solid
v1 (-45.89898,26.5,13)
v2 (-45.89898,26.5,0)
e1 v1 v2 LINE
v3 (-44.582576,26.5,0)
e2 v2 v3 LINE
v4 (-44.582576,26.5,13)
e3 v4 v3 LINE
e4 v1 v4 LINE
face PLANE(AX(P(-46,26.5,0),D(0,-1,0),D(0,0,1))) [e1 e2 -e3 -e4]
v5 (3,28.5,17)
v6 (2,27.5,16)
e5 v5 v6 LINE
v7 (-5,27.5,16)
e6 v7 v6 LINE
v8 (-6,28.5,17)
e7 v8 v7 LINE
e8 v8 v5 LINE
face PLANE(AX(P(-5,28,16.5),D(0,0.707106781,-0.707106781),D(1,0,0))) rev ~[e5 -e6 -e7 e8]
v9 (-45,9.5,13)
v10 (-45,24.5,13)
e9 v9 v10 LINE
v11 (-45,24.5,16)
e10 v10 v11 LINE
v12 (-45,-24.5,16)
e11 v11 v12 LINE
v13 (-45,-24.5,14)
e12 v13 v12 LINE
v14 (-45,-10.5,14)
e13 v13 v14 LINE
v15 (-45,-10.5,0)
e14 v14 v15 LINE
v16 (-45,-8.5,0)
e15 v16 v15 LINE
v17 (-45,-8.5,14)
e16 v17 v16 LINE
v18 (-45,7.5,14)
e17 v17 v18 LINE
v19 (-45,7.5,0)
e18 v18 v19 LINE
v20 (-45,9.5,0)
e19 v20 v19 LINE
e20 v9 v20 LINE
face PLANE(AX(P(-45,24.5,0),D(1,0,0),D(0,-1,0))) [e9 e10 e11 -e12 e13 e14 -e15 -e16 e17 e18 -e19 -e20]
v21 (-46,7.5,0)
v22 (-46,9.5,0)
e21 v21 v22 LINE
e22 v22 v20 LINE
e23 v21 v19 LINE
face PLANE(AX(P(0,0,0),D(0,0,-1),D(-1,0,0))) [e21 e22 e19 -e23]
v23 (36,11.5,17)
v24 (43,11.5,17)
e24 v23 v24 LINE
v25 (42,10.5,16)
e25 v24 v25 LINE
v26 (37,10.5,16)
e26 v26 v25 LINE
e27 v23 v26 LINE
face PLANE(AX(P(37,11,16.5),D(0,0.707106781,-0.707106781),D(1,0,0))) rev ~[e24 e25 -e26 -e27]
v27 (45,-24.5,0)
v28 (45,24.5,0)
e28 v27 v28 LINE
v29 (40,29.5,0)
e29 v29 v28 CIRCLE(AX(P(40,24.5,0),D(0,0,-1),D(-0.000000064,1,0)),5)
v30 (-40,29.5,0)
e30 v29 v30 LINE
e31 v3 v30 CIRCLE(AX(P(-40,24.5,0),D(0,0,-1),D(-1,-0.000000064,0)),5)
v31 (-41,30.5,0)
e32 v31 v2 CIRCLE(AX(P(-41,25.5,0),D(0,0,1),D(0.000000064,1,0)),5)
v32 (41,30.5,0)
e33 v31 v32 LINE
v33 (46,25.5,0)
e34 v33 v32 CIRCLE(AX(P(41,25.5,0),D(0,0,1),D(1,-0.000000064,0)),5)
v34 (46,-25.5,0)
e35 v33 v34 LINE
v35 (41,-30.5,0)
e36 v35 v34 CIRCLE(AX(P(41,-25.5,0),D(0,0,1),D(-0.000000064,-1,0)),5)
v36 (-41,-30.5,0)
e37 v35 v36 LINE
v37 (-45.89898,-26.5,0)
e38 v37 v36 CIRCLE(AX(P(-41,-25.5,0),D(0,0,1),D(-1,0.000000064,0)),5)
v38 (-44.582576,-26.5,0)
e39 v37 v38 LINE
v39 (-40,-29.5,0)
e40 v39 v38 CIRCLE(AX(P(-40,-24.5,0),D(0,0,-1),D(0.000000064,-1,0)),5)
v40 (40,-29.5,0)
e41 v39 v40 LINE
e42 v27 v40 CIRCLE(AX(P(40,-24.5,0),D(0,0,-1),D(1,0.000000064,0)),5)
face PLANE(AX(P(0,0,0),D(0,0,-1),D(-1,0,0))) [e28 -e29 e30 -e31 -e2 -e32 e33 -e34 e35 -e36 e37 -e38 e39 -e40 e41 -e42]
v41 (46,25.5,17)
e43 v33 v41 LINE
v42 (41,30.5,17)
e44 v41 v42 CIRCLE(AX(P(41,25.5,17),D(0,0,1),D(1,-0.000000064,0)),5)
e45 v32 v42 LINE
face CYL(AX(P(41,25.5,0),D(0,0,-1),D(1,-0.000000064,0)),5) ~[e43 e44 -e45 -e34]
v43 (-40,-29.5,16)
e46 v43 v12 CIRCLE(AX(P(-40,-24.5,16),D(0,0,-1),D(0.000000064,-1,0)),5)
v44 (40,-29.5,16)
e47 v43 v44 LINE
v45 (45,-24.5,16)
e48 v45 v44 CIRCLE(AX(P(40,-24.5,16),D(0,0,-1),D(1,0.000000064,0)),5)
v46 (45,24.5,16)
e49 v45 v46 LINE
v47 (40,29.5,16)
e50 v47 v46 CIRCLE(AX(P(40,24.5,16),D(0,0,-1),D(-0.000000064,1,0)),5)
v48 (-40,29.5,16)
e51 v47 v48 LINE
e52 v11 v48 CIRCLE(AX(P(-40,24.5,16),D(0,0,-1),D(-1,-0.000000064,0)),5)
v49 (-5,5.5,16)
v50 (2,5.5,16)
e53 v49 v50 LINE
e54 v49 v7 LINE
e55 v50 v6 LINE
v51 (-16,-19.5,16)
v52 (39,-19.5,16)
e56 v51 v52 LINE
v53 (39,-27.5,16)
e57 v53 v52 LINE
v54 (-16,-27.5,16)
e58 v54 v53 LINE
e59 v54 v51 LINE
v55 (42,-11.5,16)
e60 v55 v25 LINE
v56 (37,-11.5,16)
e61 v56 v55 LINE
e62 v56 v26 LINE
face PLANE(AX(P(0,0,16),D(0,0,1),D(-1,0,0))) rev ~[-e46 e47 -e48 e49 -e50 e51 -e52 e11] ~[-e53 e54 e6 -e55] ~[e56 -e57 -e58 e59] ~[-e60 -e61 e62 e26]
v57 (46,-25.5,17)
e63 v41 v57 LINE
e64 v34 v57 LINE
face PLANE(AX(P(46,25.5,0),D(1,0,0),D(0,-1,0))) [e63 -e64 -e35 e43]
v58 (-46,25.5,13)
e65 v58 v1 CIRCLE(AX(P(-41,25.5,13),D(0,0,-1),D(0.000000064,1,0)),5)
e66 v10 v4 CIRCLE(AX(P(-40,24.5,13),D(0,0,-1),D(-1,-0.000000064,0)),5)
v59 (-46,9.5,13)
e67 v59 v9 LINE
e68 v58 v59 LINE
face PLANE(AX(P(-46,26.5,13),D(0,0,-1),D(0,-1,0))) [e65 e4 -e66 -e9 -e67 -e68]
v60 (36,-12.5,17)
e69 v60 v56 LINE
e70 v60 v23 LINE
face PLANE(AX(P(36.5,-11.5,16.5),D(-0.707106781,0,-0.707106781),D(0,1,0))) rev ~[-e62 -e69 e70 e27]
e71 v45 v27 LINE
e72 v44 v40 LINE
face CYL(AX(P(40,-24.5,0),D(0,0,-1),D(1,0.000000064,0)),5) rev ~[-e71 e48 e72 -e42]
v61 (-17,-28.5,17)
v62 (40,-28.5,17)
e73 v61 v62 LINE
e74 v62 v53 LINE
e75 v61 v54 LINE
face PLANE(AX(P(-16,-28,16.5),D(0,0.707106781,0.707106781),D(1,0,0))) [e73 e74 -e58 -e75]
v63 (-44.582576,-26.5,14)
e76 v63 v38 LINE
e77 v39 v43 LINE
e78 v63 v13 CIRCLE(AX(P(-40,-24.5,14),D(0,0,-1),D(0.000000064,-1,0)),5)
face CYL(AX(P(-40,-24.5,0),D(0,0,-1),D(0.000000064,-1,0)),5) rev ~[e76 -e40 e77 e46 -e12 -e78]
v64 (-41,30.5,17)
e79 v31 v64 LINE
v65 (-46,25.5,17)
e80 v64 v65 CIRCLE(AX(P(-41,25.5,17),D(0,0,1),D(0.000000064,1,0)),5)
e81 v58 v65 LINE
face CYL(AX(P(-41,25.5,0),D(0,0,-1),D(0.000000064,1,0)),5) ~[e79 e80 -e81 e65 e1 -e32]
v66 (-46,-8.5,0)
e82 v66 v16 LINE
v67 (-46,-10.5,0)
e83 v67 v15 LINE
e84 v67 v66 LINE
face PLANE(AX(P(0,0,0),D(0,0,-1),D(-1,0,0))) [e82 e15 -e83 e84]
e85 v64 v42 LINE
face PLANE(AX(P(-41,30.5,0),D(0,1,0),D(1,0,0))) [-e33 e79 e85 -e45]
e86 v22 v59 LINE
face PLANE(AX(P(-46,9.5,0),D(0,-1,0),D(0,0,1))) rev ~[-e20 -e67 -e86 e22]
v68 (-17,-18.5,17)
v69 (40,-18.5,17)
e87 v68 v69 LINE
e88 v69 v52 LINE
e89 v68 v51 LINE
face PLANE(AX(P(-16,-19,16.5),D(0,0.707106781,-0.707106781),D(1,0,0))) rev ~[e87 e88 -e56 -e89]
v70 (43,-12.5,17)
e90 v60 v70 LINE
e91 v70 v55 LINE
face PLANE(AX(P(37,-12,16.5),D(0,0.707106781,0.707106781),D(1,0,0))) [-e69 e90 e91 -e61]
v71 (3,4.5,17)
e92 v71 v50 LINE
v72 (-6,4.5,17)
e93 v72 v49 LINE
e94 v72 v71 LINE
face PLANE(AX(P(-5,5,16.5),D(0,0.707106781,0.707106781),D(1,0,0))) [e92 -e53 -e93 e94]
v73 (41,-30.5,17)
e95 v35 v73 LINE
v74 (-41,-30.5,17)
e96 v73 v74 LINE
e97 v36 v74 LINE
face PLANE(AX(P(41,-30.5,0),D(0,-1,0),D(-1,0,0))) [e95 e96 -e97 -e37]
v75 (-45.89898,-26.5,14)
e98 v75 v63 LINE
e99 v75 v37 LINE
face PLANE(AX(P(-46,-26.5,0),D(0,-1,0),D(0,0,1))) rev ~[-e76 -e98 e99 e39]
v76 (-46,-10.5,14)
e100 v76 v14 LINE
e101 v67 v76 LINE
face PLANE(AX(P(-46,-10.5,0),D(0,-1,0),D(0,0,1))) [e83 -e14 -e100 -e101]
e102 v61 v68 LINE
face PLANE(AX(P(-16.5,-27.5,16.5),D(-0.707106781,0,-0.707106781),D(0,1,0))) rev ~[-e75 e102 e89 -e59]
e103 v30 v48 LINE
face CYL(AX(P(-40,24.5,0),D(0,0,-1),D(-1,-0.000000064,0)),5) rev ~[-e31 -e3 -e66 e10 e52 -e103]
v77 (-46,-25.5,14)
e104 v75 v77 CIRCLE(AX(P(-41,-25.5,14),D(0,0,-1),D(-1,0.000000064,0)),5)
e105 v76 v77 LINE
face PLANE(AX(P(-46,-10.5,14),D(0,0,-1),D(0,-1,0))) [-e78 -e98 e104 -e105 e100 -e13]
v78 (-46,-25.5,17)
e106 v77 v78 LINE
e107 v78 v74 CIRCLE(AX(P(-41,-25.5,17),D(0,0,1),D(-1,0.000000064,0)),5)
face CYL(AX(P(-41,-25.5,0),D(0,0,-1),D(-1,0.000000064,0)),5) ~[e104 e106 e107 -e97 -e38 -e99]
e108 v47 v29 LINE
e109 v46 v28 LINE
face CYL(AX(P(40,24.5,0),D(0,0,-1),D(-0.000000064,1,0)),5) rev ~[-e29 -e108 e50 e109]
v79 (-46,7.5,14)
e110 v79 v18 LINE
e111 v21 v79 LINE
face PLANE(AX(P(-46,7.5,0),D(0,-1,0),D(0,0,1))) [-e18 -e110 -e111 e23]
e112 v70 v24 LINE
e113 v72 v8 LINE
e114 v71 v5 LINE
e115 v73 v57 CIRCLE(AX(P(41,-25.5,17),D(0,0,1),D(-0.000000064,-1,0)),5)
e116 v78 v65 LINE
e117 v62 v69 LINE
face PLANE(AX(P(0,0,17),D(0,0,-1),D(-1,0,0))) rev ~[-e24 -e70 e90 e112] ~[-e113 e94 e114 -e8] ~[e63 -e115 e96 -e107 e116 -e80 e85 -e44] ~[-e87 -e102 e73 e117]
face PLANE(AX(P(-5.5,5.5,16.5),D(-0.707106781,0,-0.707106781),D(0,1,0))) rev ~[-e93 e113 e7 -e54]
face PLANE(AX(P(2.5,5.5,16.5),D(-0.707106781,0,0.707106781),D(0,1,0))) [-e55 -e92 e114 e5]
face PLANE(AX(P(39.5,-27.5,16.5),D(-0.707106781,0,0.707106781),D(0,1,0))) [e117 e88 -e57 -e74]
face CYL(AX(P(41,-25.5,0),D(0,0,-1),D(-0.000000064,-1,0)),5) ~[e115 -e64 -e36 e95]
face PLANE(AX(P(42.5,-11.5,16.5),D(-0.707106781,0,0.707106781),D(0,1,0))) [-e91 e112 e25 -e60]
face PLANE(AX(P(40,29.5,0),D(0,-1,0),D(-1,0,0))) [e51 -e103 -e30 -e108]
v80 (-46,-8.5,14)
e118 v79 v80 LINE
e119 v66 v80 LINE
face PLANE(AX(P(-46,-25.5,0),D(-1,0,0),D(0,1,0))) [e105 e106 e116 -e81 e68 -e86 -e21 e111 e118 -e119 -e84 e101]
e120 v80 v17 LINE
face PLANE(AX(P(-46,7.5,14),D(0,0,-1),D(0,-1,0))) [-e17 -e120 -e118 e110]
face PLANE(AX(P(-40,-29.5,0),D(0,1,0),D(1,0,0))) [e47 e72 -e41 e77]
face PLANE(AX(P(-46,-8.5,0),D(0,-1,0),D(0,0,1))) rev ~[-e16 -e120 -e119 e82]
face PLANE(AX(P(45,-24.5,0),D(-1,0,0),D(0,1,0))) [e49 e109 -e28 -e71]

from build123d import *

# Parameters (mm, degrees)
PAD_DEPTH       = 17
SKETCH001_W     = 55
SKETCH001_H     = 8
POCKET_DEPTH    = 17.001
CHAMFER_SIZE    = 1
SKETCH002_W     = 7
SKETCH002_H     = 22
POCKET001_DEPTH = 17.001
CHAMFER001_SIZE = 1
SKETCH003_W     = 5
SKETCH003_H     = 22
POCKET002_DEPTH = 17.001
CHAMFER002_SIZE = 1
POCKET003_DEPTH = 7
POCKET004_DEPTH = 16
SKETCH005_W     = 17
SKETCH005_H     = 13
SKETCH005_W_2   = 16
SKETCH005_H_2   = 14
POCKET005_DEPTH = 5


with BuildPart() as part:
    # Sketch → Pad (new body)
    with BuildSketch(Plane.XY):
        with BuildLine():
            Line((-41, 30.5), (41, 30.5))
            ThreePointArc((46, 25.5), (44.535534, 29.035534), (41, 30.5))
            Line((46, 25.5), (46, -25.5))
            ThreePointArc((41, -30.5), (44.535534, -29.035534), (46, -25.5))
            Line((41, -30.5), (-41, -30.5))
            ThreePointArc((-46, -25.5), (-44.535534, -29.035534), (-41, -30.5))
            Line((-46, -25.5), (-46, 25.5))
            ThreePointArc((-41, 30.5), (-44.535534, 29.035534), (-46, 25.5))
        make_face()
    extrude(amount=PAD_DEPTH)

    # Sketch001 (on Face10 of Pad) → Pocket (cut, through all)
    with BuildSketch(Plane.XY.offset(17)):
        with Locations((11.5, -23.5)):
            Rectangle(SKETCH001_W, SKETCH001_H)
    extrude(amount=-POCKET_DEPTH, mode=Mode.SUBTRACT)

    # Chamfer
    chamfer_edges = [part.edges().sort_by_distance(p)[0] for p in [
        (11.5, -27.5, 17),
        (-16, -23.5, 17),
        (11.5, -19.5, 17),
        (39, -23.5, 17),
    ]]
    chamfer(chamfer_edges, length=CHAMFER_SIZE)

    # Sketch002 (on Face1 of Chamfer) → Pocket001 (cut, through all)
    with BuildSketch(Plane.XY.offset(17)):
        with Locations((-1.5, 16.5)):
            Rectangle(SKETCH002_W, SKETCH002_H)
    extrude(amount=-POCKET001_DEPTH, mode=Mode.SUBTRACT)

    # Chamfer001
    chamfer001_edges = [part.edges().sort_by_distance(p)[0] for p in [
        (-5, 16.5, 17),
        (-1.5, 27.5, 17),
        (2, 16.5, 17),
        (-1.5, 5.5, 17),
    ]]
    chamfer(chamfer001_edges, length=CHAMFER001_SIZE)

    # Sketch003 (on Face1 of Chamfer001) → Pocket002 (cut, through all)
    with BuildSketch(Plane.XY.offset(17)):
        with Locations((39.5, -0.5)):
            Rectangle(SKETCH003_W, SKETCH003_H)
    extrude(amount=-POCKET002_DEPTH, mode=Mode.SUBTRACT)

    # Chamfer002
    chamfer002_edges = [part.edges().sort_by_distance(p)[0] for p in [
        (39.5, -11.5, 17),
        (42, -0.5, 17),
        (37, -0.5, 17),
        (39.5, 10.5, 17),
    ]]
    chamfer(chamfer002_edges, length=CHAMFER002_SIZE)

    # Sketch004 (on Face26 of Chamfer002) → Pocket003 (cut)
    with BuildSketch(Plane(origin=(0, 0, 0), x_dir=(1, 0, 0), z_dir=(0, 0, -1))):
        with BuildLine():
            Line((-40, 29.5), (40, 29.5))
            ThreePointArc((45, 24.5), (43.535534, 28.035534), (40, 29.5))
            Line((45, 24.5), (45, -24.5))
            ThreePointArc((40, -29.5), (43.535534, -28.035534), (45, -24.5))
            Line((40, -29.5), (-40, -29.5))
            ThreePointArc((-45, -24.5), (-43.535534, -28.035534), (-40, -29.5))
            Line((-45, -24.5), (-45, 24.5))
            ThreePointArc((-40, 29.5), (-43.535534, 28.035534), (-45, 24.5))
        make_face()
    extrude(amount=-POCKET003_DEPTH, mode=Mode.SUBTRACT)

    # Sketch004 (on Face26 of Chamfer002) → Pocket004 (cut)
    with BuildSketch(Plane(origin=(0, 0, 0), x_dir=(1, 0, 0), z_dir=(0, 0, -1))):
        with BuildLine():
            Line((-40, 29.5), (40, 29.5))
            ThreePointArc((45, 24.5), (43.535534, 28.035534), (40, 29.5))
            Line((45, 24.5), (45, -24.5))
            ThreePointArc((40, -29.5), (43.535534, -28.035534), (45, -24.5))
            Line((40, -29.5), (-40, -29.5))
            ThreePointArc((-45, -24.5), (-43.535534, -28.035534), (-40, -29.5))
            Line((-45, -24.5), (-45, 24.5))
            ThreePointArc((-40, 29.5), (-43.535534, 28.035534), (-45, 24.5))
        make_face()
    extrude(amount=-POCKET004_DEPTH, mode=Mode.SUBTRACT)

    # Sketch005 (on Face6 of Pocket004) → Pocket005 (cut)
    with BuildSketch(Plane(origin=(-46, 0, 0), x_dir=(0, -1, 0), z_dir=(-1, 0, 0))):
        with Locations((-18, 6.5)):
            Rectangle(SKETCH005_W, SKETCH005_H)
        with Locations((0.5, 7)):
            Rectangle(SKETCH005_W_2, SKETCH005_H_2)
        with Locations((18.5, 7)):
            Rectangle(SKETCH005_W_2, SKETCH005_H_2)
    extrude(amount=-POCKET005_DEPTH, mode=Mode.SUBTRACT)


solid = part.part
